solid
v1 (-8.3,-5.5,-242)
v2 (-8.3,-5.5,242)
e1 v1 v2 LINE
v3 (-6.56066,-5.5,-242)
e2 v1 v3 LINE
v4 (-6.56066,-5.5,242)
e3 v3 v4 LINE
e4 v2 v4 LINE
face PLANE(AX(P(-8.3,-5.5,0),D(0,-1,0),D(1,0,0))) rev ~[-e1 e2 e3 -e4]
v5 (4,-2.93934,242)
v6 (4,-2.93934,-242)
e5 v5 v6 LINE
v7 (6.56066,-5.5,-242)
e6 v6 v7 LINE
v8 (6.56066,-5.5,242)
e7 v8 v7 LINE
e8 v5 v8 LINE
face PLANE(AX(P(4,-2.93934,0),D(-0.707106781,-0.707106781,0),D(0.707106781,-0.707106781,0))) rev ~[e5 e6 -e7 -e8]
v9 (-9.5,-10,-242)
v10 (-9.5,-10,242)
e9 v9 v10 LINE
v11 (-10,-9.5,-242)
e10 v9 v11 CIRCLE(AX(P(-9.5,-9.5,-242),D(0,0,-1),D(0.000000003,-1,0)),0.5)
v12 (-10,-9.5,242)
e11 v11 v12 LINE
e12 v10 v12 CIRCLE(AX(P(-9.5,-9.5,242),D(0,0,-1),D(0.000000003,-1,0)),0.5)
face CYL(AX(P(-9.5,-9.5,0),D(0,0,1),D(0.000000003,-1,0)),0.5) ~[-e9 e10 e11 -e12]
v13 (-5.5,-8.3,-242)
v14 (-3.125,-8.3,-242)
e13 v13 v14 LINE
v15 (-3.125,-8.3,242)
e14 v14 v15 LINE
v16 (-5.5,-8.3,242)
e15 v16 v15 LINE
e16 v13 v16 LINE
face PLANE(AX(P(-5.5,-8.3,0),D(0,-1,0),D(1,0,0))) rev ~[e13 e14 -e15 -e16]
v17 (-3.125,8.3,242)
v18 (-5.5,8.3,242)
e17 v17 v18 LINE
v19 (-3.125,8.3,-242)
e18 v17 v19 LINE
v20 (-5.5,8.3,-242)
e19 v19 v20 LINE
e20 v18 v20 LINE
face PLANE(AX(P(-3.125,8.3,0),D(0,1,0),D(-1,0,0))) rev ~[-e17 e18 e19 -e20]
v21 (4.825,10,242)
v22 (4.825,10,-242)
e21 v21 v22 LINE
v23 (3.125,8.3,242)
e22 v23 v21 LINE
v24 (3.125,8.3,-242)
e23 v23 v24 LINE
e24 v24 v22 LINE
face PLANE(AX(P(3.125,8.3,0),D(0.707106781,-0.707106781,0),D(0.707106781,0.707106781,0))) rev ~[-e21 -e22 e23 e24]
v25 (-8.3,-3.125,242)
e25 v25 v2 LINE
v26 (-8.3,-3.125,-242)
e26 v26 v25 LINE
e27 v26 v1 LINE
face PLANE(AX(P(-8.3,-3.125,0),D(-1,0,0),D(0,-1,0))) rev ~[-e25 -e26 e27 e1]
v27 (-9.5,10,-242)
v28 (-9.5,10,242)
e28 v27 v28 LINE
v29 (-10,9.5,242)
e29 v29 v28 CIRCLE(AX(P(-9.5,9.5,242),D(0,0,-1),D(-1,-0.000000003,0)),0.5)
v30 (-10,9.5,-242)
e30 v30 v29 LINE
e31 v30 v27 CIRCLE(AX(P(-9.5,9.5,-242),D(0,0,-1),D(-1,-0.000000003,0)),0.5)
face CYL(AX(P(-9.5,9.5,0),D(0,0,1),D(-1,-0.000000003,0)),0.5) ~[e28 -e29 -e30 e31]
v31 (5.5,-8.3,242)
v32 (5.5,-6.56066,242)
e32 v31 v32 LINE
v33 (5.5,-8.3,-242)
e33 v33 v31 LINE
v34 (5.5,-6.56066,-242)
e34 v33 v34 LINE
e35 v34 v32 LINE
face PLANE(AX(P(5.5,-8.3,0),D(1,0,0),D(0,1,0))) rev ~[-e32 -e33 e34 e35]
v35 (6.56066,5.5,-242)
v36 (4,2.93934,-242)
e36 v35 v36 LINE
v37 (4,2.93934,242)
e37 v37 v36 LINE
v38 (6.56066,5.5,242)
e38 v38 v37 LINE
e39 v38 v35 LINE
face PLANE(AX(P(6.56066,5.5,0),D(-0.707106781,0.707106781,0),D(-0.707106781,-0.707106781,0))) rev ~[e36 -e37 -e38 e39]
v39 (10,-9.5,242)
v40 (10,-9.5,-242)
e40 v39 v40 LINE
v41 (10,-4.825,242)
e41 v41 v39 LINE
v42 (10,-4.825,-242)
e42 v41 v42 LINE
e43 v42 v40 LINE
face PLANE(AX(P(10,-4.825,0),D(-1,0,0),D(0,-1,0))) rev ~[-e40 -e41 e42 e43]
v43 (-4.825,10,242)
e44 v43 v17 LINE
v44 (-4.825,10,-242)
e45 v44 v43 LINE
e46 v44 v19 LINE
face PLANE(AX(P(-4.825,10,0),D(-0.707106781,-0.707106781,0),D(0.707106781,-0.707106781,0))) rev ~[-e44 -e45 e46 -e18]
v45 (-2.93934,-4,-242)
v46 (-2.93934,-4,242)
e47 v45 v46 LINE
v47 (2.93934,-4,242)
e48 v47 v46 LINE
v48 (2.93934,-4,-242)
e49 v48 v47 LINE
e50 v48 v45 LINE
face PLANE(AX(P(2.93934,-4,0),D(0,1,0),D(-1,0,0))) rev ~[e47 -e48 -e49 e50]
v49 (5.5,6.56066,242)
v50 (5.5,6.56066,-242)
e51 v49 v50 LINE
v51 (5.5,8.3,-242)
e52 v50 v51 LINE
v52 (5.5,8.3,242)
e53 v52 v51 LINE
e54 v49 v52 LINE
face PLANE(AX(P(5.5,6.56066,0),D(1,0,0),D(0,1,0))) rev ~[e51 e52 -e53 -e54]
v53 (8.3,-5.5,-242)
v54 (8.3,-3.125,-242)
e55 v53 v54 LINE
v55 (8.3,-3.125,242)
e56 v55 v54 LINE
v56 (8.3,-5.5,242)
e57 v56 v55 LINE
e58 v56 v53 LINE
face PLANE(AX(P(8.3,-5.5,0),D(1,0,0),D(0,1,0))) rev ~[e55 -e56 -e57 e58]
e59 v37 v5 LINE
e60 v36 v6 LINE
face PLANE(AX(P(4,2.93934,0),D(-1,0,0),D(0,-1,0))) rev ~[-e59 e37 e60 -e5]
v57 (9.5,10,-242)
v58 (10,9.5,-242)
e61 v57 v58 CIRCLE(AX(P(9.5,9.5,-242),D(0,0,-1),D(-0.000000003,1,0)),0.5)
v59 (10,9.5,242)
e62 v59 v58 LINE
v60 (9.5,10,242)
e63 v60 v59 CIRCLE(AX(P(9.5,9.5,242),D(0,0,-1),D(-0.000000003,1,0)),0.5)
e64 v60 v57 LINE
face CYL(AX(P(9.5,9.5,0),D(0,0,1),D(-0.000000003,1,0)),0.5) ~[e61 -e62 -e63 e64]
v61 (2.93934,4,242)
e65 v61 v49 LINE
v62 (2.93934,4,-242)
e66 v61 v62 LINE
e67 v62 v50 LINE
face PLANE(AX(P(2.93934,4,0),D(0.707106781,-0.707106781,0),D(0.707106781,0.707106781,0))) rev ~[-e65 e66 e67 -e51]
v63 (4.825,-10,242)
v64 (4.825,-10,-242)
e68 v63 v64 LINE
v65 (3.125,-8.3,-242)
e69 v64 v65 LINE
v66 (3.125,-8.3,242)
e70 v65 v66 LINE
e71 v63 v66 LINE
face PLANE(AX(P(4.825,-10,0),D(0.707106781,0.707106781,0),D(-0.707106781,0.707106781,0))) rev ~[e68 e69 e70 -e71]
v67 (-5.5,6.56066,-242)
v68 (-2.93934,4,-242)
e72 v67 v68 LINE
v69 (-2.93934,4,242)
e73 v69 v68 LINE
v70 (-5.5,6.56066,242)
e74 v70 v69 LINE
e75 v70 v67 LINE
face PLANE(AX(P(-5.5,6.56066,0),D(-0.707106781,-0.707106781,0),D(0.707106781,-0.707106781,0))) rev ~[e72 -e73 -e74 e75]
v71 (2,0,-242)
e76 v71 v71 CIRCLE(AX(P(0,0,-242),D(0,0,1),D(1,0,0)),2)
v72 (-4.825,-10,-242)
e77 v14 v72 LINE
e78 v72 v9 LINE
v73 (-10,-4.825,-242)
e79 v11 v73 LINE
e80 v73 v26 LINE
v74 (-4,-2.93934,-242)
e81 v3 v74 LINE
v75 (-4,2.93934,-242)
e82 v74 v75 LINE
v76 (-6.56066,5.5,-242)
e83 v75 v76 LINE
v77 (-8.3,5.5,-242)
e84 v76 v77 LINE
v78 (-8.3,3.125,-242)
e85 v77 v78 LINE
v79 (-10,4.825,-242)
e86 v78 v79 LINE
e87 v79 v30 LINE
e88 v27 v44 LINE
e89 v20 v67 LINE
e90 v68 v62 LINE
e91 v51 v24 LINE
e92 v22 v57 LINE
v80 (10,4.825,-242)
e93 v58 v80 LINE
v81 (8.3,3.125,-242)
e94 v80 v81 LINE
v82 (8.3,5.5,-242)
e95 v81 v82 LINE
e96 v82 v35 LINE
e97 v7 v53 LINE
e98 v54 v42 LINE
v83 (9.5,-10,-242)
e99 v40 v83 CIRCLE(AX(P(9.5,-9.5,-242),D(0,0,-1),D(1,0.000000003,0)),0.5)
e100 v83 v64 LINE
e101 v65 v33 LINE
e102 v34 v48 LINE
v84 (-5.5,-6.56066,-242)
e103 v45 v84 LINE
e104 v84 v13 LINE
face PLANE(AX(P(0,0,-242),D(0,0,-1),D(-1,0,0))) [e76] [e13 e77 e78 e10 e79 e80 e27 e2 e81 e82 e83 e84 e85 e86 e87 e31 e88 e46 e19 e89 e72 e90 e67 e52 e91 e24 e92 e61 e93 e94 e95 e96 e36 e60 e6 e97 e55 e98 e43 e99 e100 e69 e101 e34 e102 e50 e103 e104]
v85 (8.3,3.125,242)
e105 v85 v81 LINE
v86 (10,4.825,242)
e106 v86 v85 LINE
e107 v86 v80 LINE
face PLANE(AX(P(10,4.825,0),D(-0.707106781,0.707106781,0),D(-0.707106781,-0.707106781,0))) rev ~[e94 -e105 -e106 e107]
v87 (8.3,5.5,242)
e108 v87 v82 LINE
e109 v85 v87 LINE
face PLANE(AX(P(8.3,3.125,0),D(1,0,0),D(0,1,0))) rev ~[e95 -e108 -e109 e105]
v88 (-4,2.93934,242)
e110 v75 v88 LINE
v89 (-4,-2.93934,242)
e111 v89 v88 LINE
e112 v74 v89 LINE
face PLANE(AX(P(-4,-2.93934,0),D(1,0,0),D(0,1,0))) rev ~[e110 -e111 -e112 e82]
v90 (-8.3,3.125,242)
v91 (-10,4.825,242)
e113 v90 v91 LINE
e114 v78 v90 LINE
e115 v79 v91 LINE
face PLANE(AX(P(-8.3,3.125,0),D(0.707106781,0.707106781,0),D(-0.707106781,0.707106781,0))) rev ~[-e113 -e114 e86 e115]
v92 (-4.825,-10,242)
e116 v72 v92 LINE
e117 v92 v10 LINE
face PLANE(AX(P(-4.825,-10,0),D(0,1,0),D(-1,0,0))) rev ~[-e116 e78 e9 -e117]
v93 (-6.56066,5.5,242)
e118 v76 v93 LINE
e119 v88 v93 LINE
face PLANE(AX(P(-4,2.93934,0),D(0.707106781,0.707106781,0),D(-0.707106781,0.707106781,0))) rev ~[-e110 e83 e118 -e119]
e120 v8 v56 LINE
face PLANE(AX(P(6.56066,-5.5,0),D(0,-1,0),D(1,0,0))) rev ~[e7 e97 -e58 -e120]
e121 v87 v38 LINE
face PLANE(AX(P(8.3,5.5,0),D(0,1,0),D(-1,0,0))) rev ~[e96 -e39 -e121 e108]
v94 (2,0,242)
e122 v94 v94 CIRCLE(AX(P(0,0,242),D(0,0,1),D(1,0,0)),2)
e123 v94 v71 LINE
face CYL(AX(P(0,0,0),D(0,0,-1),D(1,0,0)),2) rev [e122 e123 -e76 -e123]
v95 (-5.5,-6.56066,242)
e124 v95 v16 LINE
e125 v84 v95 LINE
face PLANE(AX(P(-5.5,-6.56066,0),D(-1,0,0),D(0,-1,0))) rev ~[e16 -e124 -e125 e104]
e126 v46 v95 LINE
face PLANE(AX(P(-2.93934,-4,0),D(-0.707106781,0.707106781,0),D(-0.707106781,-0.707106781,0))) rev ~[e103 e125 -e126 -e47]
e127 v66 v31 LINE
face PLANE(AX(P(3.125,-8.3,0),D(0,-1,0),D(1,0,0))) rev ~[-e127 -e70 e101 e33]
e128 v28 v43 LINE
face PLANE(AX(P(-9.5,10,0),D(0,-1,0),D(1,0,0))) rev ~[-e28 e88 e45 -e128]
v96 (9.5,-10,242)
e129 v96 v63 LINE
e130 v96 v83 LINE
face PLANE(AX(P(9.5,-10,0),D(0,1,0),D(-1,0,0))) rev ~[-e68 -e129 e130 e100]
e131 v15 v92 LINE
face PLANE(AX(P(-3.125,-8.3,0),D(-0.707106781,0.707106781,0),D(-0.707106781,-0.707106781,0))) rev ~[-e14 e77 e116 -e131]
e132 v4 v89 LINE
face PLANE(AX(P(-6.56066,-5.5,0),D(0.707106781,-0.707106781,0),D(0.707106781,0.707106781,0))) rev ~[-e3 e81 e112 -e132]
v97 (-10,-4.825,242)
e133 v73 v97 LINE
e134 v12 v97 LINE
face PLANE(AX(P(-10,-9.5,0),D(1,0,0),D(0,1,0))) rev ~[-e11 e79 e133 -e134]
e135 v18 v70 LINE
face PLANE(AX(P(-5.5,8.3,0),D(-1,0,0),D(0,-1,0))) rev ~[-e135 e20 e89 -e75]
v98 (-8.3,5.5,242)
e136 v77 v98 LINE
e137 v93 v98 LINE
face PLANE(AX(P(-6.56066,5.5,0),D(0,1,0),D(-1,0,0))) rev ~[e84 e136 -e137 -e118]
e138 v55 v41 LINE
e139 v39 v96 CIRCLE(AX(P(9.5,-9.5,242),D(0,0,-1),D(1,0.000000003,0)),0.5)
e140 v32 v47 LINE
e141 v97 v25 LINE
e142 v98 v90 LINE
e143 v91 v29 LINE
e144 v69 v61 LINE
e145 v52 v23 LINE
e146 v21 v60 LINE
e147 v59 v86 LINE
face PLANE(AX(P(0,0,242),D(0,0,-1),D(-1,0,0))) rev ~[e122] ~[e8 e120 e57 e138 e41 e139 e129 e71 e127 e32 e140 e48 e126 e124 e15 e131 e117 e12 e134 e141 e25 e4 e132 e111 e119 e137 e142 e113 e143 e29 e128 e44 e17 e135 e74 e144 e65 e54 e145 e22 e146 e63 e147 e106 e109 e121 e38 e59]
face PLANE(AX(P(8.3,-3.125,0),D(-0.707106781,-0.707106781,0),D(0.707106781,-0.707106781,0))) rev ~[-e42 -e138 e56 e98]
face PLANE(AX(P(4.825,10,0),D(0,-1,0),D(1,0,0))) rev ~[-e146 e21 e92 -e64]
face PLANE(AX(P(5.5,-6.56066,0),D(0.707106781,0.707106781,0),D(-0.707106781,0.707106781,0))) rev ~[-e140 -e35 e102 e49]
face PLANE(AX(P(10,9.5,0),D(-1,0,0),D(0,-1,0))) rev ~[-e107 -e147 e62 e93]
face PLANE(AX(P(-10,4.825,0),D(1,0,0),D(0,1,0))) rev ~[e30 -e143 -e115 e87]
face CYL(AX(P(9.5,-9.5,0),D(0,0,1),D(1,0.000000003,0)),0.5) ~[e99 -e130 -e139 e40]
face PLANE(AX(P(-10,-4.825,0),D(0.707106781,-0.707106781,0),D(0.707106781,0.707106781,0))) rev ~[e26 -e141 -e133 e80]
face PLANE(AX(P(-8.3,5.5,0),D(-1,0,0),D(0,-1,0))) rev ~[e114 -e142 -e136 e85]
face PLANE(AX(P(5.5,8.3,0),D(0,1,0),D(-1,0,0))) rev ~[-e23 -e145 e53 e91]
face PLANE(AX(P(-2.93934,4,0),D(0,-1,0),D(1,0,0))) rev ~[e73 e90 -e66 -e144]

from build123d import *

# Parameters (mm, degrees)
CROQUIS1_R              = 2
SALIENTE_EXTRUIR2_DEPTH = 242


with BuildPart() as part:
    # Croquis1 → Saliente-Extruir2 (new, symmetric)
    with BuildSketch(Plane.XY):
        with BuildLine():
            Line((-4.825, 10), (-3.125, 8.3))
            Line((-3.125, 8.3), (-5.5, 8.3))
            Line((-5.5, 8.3), (-5.5, 6.560660172))
            Line((-5.5, 6.560660172), (-2.939339828, 4))
            Line((-2.939339828, 4), (2.939339828, 4))
            Line((2.939339828, 4), (5.5, 6.560660172))
            Line((5.5, 6.560660172), (5.5, 8.3))
            Line((5.5, 8.3), (3.125, 8.3))
            Line((3.125, 8.3), (4.825, 10))
            Line((4.825, 10), (9.5, 10))
            ThreePointArc((9.5, 10), (9.853553391, 9.853553391), (10, 9.5))
            Line((10, 9.5), (10, 4.825))
            Line((10, 4.825), (8.3, 3.125))
            Line((8.3, 3.125), (8.3, 5.5))
            Line((8.3, 5.5), (6.560660172, 5.5))
            Line((6.560660172, 5.5), (4, 2.939339828))
            Line((4, 2.939339828), (4, -2.939339828))
            Line((4, -2.939339828), (6.560660172, -5.5))
            Line((6.560660172, -5.5), (8.3, -5.5))
            Line((8.3, -5.5), (8.3, -3.125))
            Line((8.3, -3.125), (10, -4.825))
            Line((10, -4.825), (10, -9.5))
            ThreePointArc((10, -9.5), (9.853553391, -9.853553391), (9.5, -10))
            Line((9.5, -10), (4.825, -10))
            Line((4.825, -10), (3.125, -8.3))
            Line((3.125, -8.3), (5.5, -8.3))
            Line((5.5, -8.3), (5.5, -6.560660172))
            Line((5.5, -6.560660172), (2.939339828, -4))
            Line((2.939339828, -4), (-2.939339828, -4))
            Line((-2.939339828, -4), (-5.5, -6.560660172))
            Line((-5.5, -6.560660172), (-5.5, -8.3))
            Line((-5.5, -8.3), (-3.125, -8.3))
            Line((-3.125, -8.3), (-4.825, -10))
            Line((-4.825, -10), (-9.5, -10))
            ThreePointArc((-9.5, -10), (-9.853553391, -9.853553391), (-10, -9.5))
            Line((-10, -9.5), (-10, -4.825))
            Line((-10, -4.825), (-8.3, -3.125))
            Line((-8.3, -3.125), (-8.3, -5.5))
            Line((-8.3, -5.5), (-6.560660172, -5.5))
            Line((-6.560660172, -5.5), (-4, -2.939339828))
            Line((-4, -2.939339828), (-4, 2.939339828))
            Line((-4, 2.939339828), (-6.560660172, 5.5))
            Line((-6.560660172, 5.5), (-8.3, 5.5))
            Line((-8.3, 5.5), (-8.3, 3.125))
            Line((-8.3, 3.125), (-10, 4.825))
            Line((-10, 4.825), (-10, 9.5))
            ThreePointArc((-10, 9.5), (-9.853553391, 9.853553391), (-9.5, 10))
            Line((-9.5, 10), (-4.825, 10))
        make_face()
        Circle(CROQUIS1_R, mode=Mode.SUBTRACT)
    extrude(amount=SALIENTE_EXTRUIR2_DEPTH, both=True)


solid = part.part
